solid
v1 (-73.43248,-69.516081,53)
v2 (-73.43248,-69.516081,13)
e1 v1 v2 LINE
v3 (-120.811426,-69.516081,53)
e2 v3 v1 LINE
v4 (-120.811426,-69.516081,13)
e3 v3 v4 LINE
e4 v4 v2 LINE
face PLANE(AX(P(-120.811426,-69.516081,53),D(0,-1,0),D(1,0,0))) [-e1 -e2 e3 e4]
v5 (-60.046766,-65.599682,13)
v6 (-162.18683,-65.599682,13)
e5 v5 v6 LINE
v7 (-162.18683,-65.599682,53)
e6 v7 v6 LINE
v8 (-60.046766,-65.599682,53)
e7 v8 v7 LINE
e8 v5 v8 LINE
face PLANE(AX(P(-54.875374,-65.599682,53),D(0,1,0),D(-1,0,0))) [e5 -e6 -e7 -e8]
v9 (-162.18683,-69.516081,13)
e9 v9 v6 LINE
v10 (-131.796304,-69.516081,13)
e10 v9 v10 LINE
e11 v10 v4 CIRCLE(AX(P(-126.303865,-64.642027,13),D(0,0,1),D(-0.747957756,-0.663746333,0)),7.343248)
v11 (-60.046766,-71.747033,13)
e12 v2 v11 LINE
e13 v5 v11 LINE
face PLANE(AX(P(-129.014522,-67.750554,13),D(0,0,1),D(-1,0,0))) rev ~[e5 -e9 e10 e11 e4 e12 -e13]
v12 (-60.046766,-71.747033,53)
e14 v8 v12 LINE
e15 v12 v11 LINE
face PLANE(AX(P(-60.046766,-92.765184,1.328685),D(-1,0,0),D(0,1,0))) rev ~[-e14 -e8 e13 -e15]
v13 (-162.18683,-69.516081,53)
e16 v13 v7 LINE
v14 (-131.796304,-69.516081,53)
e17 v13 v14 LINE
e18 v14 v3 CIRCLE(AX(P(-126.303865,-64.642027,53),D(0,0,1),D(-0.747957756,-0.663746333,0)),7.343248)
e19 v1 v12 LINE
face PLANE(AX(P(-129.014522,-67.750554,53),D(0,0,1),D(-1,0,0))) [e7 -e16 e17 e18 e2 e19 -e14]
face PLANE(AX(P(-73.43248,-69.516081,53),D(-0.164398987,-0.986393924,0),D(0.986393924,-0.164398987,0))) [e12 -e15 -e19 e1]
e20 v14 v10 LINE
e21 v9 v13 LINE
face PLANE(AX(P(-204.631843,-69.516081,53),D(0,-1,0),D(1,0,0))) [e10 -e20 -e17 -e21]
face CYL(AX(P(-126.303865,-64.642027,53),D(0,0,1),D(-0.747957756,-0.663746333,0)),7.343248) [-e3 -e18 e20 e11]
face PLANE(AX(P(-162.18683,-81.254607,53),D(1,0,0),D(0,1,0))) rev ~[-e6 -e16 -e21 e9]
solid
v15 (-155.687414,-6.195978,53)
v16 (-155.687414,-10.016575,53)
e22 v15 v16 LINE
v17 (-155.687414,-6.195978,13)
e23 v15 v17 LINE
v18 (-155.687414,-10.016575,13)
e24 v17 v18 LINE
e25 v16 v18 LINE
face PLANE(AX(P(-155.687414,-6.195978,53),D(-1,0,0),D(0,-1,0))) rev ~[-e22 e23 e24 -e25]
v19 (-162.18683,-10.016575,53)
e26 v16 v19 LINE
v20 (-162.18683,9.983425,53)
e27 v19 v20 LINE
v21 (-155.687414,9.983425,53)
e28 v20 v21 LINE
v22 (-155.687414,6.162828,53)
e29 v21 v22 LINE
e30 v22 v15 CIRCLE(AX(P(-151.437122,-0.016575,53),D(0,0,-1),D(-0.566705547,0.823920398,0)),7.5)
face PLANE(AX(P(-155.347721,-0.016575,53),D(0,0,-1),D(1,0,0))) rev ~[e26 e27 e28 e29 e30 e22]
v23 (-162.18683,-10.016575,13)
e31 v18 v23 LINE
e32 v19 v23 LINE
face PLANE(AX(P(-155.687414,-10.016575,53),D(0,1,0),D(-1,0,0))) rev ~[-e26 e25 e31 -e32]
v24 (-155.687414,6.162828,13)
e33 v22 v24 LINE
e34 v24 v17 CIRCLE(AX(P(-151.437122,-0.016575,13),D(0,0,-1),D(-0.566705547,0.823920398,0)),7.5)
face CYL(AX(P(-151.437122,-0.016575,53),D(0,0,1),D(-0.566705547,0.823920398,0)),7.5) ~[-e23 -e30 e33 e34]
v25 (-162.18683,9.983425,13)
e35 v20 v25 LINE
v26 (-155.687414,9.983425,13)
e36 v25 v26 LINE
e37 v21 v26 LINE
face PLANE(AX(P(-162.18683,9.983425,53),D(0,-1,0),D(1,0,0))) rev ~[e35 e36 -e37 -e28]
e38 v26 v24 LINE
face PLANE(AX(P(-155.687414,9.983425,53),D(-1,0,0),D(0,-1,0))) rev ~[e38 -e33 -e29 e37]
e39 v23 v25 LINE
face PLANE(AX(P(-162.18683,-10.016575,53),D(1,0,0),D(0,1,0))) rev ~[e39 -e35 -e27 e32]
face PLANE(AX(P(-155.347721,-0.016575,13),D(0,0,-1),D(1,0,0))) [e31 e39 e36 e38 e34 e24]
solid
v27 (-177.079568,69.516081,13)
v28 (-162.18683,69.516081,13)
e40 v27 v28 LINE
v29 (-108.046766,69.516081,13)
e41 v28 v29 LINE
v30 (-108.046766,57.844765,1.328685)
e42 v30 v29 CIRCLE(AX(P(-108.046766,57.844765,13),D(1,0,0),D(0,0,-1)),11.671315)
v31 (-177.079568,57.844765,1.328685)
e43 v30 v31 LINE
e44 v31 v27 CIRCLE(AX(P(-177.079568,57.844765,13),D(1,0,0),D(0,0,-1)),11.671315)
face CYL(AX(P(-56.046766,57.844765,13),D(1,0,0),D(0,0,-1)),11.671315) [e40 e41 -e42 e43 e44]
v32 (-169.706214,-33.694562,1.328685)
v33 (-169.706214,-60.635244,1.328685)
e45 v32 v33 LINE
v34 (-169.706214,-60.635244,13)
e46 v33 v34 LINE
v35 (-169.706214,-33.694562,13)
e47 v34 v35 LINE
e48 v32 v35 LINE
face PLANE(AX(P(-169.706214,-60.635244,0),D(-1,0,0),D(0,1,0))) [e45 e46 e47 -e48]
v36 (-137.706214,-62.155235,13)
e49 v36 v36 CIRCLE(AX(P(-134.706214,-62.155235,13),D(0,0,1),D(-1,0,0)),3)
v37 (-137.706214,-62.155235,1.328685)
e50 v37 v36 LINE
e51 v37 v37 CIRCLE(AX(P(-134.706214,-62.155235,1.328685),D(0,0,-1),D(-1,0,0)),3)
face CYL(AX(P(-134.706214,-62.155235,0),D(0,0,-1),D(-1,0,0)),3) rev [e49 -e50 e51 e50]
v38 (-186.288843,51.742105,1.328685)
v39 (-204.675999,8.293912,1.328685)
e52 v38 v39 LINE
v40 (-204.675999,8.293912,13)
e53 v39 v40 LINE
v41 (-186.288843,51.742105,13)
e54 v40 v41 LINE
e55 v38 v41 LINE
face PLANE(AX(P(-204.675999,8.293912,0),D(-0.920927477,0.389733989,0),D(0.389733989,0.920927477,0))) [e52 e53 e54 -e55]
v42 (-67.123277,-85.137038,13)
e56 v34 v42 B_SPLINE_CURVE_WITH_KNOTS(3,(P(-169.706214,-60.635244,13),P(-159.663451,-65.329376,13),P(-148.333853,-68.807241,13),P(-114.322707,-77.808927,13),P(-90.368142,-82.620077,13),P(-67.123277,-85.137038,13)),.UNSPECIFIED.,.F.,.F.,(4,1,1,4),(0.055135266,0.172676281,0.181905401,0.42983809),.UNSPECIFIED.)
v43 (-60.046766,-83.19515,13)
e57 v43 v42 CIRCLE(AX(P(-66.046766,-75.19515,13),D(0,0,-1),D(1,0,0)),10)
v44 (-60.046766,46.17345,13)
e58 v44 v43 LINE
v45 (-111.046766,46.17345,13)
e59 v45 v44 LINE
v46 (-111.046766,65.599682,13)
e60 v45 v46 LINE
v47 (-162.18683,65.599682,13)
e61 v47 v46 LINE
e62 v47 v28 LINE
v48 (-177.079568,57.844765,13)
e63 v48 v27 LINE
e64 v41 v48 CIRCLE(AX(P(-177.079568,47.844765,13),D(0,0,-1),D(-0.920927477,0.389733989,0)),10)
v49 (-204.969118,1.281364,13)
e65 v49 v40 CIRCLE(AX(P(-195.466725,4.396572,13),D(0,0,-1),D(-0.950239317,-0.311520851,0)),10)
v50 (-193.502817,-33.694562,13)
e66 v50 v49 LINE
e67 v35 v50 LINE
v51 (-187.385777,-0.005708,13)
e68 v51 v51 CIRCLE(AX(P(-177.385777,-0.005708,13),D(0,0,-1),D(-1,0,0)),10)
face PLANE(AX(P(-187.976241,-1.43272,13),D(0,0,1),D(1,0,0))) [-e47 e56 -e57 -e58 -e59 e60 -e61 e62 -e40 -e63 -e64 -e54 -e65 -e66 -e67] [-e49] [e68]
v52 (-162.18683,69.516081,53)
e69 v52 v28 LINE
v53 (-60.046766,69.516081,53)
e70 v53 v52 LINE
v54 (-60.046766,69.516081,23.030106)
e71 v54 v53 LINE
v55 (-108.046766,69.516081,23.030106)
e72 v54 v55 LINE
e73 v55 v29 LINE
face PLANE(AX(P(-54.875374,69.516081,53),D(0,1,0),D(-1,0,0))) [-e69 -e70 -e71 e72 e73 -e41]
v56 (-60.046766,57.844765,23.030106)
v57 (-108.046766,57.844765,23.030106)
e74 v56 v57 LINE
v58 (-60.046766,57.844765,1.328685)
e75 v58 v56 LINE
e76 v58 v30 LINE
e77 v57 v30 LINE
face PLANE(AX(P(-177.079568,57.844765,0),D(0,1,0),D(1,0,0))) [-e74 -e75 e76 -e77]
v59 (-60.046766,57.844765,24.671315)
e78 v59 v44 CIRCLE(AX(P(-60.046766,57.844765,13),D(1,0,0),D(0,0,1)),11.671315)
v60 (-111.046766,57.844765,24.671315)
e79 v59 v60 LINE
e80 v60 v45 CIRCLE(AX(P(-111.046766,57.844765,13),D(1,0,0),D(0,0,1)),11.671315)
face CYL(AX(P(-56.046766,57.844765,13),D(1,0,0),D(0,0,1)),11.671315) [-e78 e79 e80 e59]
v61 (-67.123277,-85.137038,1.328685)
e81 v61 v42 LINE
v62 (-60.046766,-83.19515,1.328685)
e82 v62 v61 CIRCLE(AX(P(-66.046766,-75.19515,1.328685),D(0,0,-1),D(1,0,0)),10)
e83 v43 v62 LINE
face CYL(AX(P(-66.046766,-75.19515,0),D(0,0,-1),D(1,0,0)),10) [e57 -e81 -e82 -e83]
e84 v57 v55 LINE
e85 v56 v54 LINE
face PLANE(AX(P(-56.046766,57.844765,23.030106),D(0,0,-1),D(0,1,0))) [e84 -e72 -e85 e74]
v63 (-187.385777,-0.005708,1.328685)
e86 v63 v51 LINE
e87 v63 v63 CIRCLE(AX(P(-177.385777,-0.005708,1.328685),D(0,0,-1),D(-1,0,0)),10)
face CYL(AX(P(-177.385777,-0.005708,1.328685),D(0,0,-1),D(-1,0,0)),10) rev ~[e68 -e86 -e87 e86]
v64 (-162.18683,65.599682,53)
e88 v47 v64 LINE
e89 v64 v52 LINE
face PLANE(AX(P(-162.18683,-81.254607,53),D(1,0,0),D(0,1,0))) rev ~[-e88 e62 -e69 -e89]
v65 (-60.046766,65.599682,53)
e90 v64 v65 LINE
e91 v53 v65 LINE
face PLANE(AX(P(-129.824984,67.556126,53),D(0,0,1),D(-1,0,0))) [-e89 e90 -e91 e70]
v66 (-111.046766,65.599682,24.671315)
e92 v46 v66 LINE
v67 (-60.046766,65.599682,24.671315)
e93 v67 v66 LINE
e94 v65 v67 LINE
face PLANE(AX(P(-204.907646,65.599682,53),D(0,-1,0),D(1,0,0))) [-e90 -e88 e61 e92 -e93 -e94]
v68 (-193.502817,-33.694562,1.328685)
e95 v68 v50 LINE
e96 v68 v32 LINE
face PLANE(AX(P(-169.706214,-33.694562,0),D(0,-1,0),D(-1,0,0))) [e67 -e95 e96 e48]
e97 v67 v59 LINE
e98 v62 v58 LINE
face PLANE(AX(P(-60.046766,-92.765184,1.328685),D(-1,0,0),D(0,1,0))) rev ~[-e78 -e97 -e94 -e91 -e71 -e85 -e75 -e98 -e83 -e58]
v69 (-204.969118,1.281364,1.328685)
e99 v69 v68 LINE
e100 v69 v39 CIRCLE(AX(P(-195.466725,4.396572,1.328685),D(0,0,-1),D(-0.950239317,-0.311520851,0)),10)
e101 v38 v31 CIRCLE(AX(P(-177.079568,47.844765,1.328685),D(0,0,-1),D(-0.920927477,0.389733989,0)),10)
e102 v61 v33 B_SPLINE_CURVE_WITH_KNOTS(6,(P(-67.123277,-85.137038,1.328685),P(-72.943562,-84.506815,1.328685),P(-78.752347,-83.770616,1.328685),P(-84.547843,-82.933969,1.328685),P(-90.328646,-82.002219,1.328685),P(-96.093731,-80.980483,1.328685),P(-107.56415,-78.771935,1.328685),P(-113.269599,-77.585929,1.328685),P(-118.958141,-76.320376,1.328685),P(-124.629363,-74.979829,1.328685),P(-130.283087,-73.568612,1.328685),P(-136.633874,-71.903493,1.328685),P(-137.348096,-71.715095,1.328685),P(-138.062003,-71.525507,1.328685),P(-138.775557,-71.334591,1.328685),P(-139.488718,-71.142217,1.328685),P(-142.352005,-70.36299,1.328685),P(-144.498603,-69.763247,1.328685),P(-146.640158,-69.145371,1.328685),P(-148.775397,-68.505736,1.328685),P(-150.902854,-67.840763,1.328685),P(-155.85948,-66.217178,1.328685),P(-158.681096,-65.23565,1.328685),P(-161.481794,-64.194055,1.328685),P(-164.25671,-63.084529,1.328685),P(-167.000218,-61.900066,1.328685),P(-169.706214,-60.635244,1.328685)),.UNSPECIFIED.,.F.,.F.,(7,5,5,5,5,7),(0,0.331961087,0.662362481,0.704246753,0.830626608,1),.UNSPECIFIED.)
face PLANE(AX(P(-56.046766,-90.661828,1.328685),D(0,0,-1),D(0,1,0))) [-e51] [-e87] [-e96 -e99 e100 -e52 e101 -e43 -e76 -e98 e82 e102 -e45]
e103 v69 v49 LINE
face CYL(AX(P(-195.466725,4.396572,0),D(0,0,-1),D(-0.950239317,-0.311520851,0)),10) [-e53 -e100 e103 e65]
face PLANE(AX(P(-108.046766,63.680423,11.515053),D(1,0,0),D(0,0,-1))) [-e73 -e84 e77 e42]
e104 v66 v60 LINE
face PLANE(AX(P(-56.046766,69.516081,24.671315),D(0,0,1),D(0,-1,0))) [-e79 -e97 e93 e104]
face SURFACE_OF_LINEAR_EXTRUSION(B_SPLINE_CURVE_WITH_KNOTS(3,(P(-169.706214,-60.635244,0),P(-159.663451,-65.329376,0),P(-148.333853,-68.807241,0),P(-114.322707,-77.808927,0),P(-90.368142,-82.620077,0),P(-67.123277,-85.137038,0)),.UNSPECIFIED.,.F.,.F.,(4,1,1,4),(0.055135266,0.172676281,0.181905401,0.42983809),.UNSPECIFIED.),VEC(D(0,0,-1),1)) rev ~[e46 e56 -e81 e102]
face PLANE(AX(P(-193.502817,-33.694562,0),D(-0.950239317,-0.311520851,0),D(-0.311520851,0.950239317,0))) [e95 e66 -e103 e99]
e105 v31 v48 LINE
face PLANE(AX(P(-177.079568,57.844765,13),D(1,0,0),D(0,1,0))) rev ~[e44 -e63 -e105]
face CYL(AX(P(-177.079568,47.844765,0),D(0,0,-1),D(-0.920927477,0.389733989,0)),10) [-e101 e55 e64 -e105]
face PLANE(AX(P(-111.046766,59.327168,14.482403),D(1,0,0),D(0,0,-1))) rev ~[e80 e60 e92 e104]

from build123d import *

# Parameters (mm, degrees)
EXTRUDE_1_DEPTH     = 40
EXTRUDE_1_2_DEPTH   = 40
EXTRUDE_1_3_DEPTH   = 40
SKETCH_2_R          = 3
EXTRUDE_2_DEPTH     = 13
EXTRUDE_3_DEPTH     = 148.86088
EXTRUDE_4_DEPTH     = 55
SKETCH_6_W          = 23.030106463
SKETCH_6_H          = 11.671315475
CUT_EXTRUDE_1_DEPTH = 52
SKETCH_7_W          = 1.171392603
SKETCH_7_H          = 3.916398917
CUT_EXTRUDE_2_DEPTH = 52
SKETCH_8_W          = 1.171392603
SKETCH_8_H          = 7.044464959
CUT_EXTRUDE_3_DEPTH = 52
CUT_EXTRUDE_4_DEPTH = 40
SKETCH_11_W         = 1.328684526
SKETCH_11_H         = 148.506593242
CUT_EXTRUDE_5_DEPTH = 160
SKETCH_12_W         = 4
SKETCH_12_H         = 162.281264585
CUT_EXTRUDE_6_DEPTH = 160
SKETCH_13_R         = 10
CUT_EXTRUDE_8_DEPTH = 32
SKETCH_14_W         = 27.828077966
SKETCH_14_H         = 11.671315475
CUT_EXTRUDE_9_DEPTH = 18


with BuildPart() as part:
    # Эскиз3 → Бобышка-Вытянуть1 (new body)
    with BuildSketch(Plane(origin=(0, 0, 53), x_dir=(-1, 0, 0), z_dir=(0, 0, 1))):
        Polygon((54.875373692, -65.599681844), (54.875373692, -69.516080761), (204.631843366, -69.516080761), (204.907646106, -65.599681844), align=None)
    extrude(amount=-EXTRUDE_1_DEPTH)



with BuildPart() as body_2:
    # Эскиз3 → Extrude 1 2 (new body)
    with BuildSketch(Plane(origin=(0, 0, 53), x_dir=(-1, 0, 0), z_dir=(0, 0, 1))):
        with BuildLine():
            Line((54.875373692, 72.608931758), (54.875373692, 65.599681844))
            Line((54.875373692, 65.599681844), (133.584399888, 65.599681844))
            Line((133.584399888, 65.599681844), (204.907646106, 65.599681844))
            Line((204.907646106, 65.599681844), (204.631843366, 69.516080761))
            Line((204.631843366, 69.516080761), (131.796304317, 69.516080761))
            ThreePointArc((131.796304317, 69.516080761), (126.303865044, 71.985274815), (120.811425771, 69.516080761))
            Line((120.811425771, 69.516080761), (73.432479677, 69.516080761))
            Line((73.432479677, 69.516080761), (54.875373692, 72.608931758))
        make_face()
    extrude(amount=-EXTRUDE_1_2_DEPTH)

    # Эскиз8 → Вырез-Вытянуть3 (cut)
    with BuildSketch(Plane(origin=(0, 0, 13), x_dir=(-1, 0, 0), z_dir=(0, 0, -1))):
        with Locations((55.461069994, -69.121914323)):
            Rectangle(SKETCH_8_W, SKETCH_8_H)
    extrude(amount=-CUT_EXTRUDE_3_DEPTH, mode=Mode.SUBTRACT)


with BuildPart() as body_3:
    # Эскиз3 → Extrude 1 3 (new body)
    with BuildSketch(Plane(origin=(0, 0, 53), x_dir=(-1, 0, 0), z_dir=(0, 0, 1))):
        with BuildLine():
            Line((155.687413664, 10.016575084), (162.186830452, 10.016575084))
            Line((162.186830452, 10.016575084), (162.186830452, -9.983424916))
            Line((162.186830452, -9.983424916), (155.687413664, -9.983424916))
            Line((155.687413664, -9.983424916), (155.687413664, -6.162827902))
            ThreePointArc((155.687413664, -6.162827902), (143.937122058, 0.016575084), (155.687413664, 6.19597807))
            Line((155.687413664, 6.19597807), (155.687413664, 10.016575084))
        make_face()
    extrude(amount=-EXTRUDE_1_3_DEPTH)


with BuildPart() as body_4:
    # Эскиз2 → Бобышка-Вытянуть2 (new body)
    with BuildSketch(Plane.XY):
        with BuildLine():
            Line((-56.046766295, 57.844765286), (-56.046766295, -75.195150142))
            ThreePointArc((-56.046766295, -75.195150142), (-59.367136966, -82.637095589), (-67.123276701, -85.137037556))
            add(Edge.make_bspline(
                [(-169.706213848, -60.635244362), (-159.663451251, -65.329375592), (-148.333852624, -68.807240721), (-114.322706555, -77.808926564), (-90.368141829, -82.620076926), (-67.123276701, -85.137037556)],
                knots=[0.055135266, 0.055135266, 0.055135266, 0.055135266, 0.172676281, 0.181905401, 0.42983809, 0.42983809, 0.42983809, 0.42983809], degree=3))
            Line((-169.706213848, -60.635244362), (-169.706213848, -33.694561876))
            Line((-169.706213848, -33.694561876), (-193.502816731, -33.694561876))
            Line((-193.502816731, -33.694561876), (-204.96911778, 1.281363609))
            ThreePointArc((-204.96911778, 1.281363609), (-205.458000207, 4.814198713), (-204.675999382, 8.293912006))
            Line((-204.675999382, 8.293912006), (-186.288842912, 51.742105172))
            ThreePointArc((-186.288842912, 51.742105172), (-182.603452695, 56.180633533), (-177.07956814, 57.844765286))
            Line((-177.07956814, 57.844765286), (-56.046766295, 57.844765286))
        make_face()
        with Locations(Location((-134.706213848, -62.155234714, 0), (0, 0, 180))):
            Circle(SKETCH_2_R, mode=Mode.SUBTRACT)
    extrude(amount=EXTRUDE_2_DEPTH)


with BuildPart() as part_1:
    add(part.part)

    add(body_4.part)  # Бобышка-Вытянуть3 merges body 4
    # Эскиз4 → Бобышка-Вытянуть3 (add)
    with BuildSketch(Plane(origin=(-56.046766295, 0, 0), x_dir=(0, 0, -1), z_dir=(1, 0, 0))):
        with BuildLine():
            Line((-21.7224351, 65.599681844), (-13, 65.599681844))
            Line((-13, 65.599681844), (-13, 57.844765286))
            Line((-13, 57.844765286), (-1.328684526, 57.844765286))
            ThreePointArc((-1.328684526, 57.844765286), (-8.851668218, 68.753979205), (-21.7224351, 65.599681844))
        make_face()
    extrude(amount=-EXTRUDE_3_DEPTH)

    # Эскиз5 → Бобышка-Вытянуть4 (add)
    with BuildSketch(Plane(origin=(-56.046766295, 0, 0), x_dir=(0, 0, -1), z_dir=(1, 0, 0))):
        with BuildLine():
            Line((-13, 69.516080761), (-24.671315474, 69.516080761))
            Line((-24.671315474, 69.516080761), (-24.671315474, 57.844765286))
            ThreePointArc((-24.671315474, 57.844765286), (-4.747133683, 49.591898969), (-13, 69.516080761))
        make_face()
    extrude(amount=-EXTRUDE_4_DEPTH)

    # Эскиз6 → Вырез-Вытянуть1 (cut)
    with BuildSketch(Plane(origin=(-56.046766295, 0, 0), x_dir=(0, 0, -1), z_dir=(1, 0, 0))):
        with Locations((-11.515053232, 63.680423023)):
            Rectangle(SKETCH_6_W, SKETCH_6_H)
    extrude(amount=-CUT_EXTRUDE_1_DEPTH, mode=Mode.SUBTRACT)

    # Эскиз7 → Вырез-Вытянуть2 (cut)
    with BuildSketch(Plane(origin=(0, 0, 13), x_dir=(-1, 0, 0), z_dir=(0, 0, -1))):
        with Locations((55.461069994, 67.557881302)):
            Rectangle(SKETCH_7_W, SKETCH_7_H)
    extrude(amount=-CUT_EXTRUDE_2_DEPTH, mode=Mode.SUBTRACT)


with BuildPart() as cut_extrude_4_tool:
    # Эскиз9 → Вырез-Вытянуть4 (new body)
    with BuildSketch(Plane.XY.offset(53)):
        Polygon((-162.186830452, 9.812396247), (-162.186830452, 78.38916829), (-213.765652488, 78.38916829), (-213.765652488, -81.254607488), (-162.186830452, -81.254607488), align=None)
    extrude(amount=-CUT_EXTRUDE_4_DEPTH)


with BuildPart() as part_2:
    add(part_1.part)

    # Вырез-Вытянуть4: cut by cut_extrude_4_tool
    add(cut_extrude_4_tool.part, mode=Mode.SUBTRACT)

    # Эскиз11 → Вырез-Вытянуть5 (cut)
    with BuildSketch(Plane(origin=(-56.046766295, 0, 0), x_dir=(0, 0, -1), z_dir=(1, 0, 0))):
        with Locations((-0.664342263, -16.408531335)):
            Rectangle(SKETCH_11_W, SKETCH_11_H)
    extrude(amount=-CUT_EXTRUDE_5_DEPTH, mode=Mode.SUBTRACT)


with BuildPart() as body_2_1:
    add(body_2.part)

    # Вырез-Вытянуть4: cut by cut_extrude_4_tool
    add(cut_extrude_4_tool.part, mode=Mode.SUBTRACT)


with BuildPart() as cut_extrude_6_tool:
    # Эскиз12 → Вырез-Вытянуть6 (new body)
    with BuildSketch(Plane(origin=(0, 0, 1.328684526), x_dir=(-1, 0, 0), z_dir=(0, 0, -1))):
        with Locations((58.046766295, -11.624551532)):
            Rectangle(SKETCH_12_W, SKETCH_12_H)
    extrude(amount=-CUT_EXTRUDE_6_DEPTH)


with BuildPart() as part_3:
    add(part_2.part)

    # Вырез-Вытянуть6: cut by cut_extrude_6_tool
    add(cut_extrude_6_tool.part, mode=Mode.SUBTRACT)

    # Эскиз13 → Вырез-Вытянуть8 (cut)
    with BuildSketch(Plane(origin=(0, 0, 1.328684526), x_dir=(-1, 0, 0), z_dir=(0, 0, -1))):
        with Locations((177.385777156, -0.005707992)):
            Circle(SKETCH_13_R)
    extrude(amount=-CUT_EXTRUDE_8_DEPTH, mode=Mode.SUBTRACT)

    # Эскиз14 → Вырез-Вытянуть9 (cut)
    with BuildSketch(Plane.XY.offset(13)):
        with Locations((-190.993607123, 63.680423023)):
            Rectangle(SKETCH_14_W, SKETCH_14_H)
    extrude(amount=-CUT_EXTRUDE_9_DEPTH, mode=Mode.SUBTRACT)


with BuildPart() as body_2_2:
    add(body_2_1.part)

    # Вырез-Вытянуть6: cut by cut_extrude_6_tool
    add(cut_extrude_6_tool.part, mode=Mode.SUBTRACT)


solid = Compound([body_3.part, part_3.part, body_2_2.part])
